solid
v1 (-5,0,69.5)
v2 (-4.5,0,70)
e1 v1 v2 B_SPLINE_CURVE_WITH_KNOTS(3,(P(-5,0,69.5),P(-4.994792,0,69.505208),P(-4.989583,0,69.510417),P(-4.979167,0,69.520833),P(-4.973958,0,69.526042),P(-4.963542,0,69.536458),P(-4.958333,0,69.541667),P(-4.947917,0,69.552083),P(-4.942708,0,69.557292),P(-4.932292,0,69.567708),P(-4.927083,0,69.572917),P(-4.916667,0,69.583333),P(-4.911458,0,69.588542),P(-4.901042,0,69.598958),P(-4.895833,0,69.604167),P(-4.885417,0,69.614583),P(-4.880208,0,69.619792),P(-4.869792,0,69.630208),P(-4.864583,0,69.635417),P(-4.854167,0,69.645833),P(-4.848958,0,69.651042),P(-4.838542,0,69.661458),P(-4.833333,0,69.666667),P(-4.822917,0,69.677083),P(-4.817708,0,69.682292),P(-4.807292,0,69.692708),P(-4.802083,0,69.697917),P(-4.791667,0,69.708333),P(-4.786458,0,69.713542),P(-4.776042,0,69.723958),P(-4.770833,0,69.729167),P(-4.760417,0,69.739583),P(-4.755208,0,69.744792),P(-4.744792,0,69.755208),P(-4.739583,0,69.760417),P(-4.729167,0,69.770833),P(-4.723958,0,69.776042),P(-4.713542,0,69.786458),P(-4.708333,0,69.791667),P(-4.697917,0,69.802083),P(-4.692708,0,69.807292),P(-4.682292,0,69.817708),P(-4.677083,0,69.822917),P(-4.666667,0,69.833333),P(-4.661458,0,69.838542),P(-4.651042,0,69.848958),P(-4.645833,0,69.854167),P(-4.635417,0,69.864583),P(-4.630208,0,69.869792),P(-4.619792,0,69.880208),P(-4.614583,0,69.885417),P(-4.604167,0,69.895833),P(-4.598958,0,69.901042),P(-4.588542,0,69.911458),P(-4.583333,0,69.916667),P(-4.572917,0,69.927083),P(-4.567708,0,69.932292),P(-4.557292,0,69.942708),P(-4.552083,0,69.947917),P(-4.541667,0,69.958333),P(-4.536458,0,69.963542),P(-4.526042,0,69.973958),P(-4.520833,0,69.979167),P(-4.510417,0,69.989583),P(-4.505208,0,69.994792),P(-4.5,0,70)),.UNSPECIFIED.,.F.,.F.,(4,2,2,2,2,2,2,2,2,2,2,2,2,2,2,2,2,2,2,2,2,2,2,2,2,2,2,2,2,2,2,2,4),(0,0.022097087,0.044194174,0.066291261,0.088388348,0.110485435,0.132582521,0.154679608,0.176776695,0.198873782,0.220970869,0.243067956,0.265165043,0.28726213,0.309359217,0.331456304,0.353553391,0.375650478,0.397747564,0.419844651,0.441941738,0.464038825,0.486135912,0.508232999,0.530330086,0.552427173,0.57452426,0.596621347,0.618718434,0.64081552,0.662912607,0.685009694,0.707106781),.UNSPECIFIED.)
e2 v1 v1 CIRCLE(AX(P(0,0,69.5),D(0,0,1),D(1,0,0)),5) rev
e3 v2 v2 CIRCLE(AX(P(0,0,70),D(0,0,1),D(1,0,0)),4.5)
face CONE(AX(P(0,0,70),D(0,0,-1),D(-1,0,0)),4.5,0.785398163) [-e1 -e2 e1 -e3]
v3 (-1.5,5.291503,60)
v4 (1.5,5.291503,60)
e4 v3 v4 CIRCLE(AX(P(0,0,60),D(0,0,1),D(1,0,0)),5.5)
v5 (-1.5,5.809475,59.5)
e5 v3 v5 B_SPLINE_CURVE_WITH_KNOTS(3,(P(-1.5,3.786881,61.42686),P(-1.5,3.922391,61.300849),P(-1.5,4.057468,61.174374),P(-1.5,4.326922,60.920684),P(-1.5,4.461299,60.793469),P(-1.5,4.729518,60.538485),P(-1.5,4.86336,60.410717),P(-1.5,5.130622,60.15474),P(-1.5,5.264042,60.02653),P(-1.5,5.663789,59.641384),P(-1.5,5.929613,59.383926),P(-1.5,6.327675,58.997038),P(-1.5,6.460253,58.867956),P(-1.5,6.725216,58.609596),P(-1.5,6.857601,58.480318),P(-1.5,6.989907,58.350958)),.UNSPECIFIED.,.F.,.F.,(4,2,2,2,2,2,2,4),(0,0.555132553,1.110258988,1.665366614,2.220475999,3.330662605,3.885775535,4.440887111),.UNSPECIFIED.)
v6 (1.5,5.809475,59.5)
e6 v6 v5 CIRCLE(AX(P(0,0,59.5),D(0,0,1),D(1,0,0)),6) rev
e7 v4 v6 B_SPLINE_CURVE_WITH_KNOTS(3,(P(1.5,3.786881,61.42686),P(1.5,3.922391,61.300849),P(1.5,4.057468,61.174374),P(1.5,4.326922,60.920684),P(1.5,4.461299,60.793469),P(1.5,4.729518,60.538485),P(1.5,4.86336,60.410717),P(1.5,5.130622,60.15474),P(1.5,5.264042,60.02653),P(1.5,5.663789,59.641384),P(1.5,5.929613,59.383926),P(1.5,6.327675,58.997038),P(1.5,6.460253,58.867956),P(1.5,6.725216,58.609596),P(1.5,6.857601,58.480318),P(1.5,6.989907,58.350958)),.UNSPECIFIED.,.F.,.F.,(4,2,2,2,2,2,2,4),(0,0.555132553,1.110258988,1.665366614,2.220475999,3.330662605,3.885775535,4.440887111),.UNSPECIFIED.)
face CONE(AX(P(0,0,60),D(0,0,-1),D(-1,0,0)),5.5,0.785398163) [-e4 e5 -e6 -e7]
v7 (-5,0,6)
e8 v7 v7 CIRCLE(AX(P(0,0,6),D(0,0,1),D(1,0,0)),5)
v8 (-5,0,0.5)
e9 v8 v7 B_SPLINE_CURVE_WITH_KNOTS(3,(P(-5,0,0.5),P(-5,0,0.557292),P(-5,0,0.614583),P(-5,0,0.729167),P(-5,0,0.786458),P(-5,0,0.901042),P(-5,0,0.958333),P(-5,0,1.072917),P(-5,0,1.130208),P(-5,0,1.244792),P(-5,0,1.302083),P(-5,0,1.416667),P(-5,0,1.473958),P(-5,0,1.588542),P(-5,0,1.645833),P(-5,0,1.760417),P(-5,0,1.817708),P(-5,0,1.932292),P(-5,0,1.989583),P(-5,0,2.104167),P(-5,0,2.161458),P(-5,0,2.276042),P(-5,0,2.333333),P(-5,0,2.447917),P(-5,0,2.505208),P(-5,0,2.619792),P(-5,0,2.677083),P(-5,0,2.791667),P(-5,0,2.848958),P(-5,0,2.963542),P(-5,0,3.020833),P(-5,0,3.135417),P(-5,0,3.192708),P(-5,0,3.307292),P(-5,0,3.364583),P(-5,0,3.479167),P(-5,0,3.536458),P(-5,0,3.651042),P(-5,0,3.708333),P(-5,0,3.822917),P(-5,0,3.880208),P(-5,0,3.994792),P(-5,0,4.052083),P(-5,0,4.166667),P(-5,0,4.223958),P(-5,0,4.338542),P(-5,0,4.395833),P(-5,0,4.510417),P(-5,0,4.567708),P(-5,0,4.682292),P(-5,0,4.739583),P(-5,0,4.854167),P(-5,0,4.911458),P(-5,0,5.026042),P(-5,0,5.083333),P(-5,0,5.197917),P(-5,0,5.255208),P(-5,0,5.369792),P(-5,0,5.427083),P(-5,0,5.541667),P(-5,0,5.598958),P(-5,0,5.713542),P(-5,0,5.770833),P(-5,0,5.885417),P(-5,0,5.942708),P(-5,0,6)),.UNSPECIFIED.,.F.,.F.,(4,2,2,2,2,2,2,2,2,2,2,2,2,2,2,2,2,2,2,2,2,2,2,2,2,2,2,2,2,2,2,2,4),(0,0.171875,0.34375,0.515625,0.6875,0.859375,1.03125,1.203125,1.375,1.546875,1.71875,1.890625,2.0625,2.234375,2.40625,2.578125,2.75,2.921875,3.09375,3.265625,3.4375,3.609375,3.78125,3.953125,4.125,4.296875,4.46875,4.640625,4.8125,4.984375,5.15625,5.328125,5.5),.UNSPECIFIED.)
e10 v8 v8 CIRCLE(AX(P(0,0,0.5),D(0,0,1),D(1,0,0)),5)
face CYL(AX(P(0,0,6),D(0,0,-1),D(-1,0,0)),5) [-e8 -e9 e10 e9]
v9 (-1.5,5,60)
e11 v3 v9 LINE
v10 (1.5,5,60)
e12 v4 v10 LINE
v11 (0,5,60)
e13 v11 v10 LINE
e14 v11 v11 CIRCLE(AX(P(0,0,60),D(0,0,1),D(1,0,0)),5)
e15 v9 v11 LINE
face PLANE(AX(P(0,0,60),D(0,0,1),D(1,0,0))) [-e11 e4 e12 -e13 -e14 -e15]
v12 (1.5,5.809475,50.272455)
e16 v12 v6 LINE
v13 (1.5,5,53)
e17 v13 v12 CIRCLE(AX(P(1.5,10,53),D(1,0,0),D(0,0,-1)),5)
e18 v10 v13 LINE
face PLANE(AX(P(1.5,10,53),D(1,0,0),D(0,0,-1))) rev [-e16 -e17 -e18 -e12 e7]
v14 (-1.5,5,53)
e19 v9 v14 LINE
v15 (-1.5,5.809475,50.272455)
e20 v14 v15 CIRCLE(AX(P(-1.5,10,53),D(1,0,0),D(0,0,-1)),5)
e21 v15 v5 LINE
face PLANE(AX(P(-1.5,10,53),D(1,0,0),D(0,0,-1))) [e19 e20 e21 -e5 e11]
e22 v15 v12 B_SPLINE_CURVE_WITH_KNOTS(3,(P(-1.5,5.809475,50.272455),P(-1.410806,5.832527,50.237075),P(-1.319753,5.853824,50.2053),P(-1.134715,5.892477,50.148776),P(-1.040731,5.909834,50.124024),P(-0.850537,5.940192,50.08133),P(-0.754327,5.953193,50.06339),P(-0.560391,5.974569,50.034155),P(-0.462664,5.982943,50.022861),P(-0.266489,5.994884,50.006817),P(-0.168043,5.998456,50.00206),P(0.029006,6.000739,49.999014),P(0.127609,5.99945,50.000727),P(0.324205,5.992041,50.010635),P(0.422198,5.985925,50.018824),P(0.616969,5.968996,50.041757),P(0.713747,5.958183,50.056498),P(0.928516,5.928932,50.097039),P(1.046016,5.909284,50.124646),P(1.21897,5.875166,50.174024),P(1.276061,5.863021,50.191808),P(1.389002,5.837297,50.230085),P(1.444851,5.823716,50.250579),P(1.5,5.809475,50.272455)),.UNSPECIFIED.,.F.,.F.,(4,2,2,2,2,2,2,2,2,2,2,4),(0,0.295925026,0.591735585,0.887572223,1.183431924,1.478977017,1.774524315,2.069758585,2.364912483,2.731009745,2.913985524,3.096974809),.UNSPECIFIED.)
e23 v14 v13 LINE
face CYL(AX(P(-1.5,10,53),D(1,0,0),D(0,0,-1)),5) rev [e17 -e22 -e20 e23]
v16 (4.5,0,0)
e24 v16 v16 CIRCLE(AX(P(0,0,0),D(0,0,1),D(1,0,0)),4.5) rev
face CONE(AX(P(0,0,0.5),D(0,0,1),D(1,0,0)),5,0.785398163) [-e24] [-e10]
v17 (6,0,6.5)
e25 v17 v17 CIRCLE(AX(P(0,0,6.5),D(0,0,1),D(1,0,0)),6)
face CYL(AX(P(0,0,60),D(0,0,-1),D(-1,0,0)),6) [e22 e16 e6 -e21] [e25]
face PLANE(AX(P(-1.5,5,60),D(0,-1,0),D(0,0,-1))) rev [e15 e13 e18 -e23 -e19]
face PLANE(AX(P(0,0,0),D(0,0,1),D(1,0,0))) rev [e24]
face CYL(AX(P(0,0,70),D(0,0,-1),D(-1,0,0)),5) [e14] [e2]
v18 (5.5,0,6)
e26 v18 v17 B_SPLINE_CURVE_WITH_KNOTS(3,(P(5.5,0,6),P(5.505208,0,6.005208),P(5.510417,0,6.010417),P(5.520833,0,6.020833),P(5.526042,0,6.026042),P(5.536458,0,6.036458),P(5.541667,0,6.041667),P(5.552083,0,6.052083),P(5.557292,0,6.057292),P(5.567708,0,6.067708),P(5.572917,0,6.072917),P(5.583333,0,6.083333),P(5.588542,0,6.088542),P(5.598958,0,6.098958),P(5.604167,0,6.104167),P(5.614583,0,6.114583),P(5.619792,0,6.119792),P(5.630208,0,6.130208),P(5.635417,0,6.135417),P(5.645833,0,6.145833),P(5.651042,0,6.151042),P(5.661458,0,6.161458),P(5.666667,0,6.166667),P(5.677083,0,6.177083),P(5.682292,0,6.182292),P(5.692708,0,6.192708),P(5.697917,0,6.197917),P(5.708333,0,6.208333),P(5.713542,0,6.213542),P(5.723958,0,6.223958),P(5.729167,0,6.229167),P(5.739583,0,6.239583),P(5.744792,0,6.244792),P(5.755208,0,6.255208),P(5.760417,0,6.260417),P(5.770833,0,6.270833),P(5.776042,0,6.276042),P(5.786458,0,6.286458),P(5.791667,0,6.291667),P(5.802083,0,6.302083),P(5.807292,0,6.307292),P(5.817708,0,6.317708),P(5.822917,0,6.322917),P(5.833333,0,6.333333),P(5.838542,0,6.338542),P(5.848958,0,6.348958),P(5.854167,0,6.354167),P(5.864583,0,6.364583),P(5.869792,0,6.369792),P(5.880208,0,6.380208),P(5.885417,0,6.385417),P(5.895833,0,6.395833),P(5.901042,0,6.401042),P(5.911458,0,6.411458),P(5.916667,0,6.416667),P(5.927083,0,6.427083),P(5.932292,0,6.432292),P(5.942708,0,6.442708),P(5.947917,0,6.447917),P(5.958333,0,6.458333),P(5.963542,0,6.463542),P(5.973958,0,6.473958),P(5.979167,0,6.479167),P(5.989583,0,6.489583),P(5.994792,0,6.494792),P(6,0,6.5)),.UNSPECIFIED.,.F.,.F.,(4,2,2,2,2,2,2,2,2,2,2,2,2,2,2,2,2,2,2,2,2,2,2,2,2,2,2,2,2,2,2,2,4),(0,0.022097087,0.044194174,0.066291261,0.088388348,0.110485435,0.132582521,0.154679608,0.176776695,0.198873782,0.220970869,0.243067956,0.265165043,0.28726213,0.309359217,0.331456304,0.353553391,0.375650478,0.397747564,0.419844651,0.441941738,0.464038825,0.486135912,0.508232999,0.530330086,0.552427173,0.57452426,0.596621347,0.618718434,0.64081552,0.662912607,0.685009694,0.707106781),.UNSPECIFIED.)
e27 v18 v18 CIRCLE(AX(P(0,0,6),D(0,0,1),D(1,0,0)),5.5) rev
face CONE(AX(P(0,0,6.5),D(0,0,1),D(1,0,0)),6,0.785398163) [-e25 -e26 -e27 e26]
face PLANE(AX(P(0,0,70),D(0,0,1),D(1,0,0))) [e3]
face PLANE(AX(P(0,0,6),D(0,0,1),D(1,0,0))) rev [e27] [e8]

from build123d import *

# Parameters (mm, degrees)
ESQUISSE1_R             = 5
BASE_EXTRUSION_DEPTH    = 6
ESQUISSE2_R             = 6
BOSS_EXTRU_1_DEPTH      = 54
ESQUISSE3_R             = 5
BOSS_EXTRU_2_DEPTH      = 10
CHANFREIN1_SIZE         = 0.5
ENL_V_MAT_EXTRU_1_DEPTH = 1.5


with BuildPart() as part:
    # Esquisse1 → Base-Extrusion (new body)
    with BuildSketch(Plane.XY):
        with Locations(Location((0, 0, 0), (0, 0, 180))):
            Circle(ESQUISSE1_R)
    extrude(amount=BASE_EXTRUSION_DEPTH)

    # Esquisse2 → Boss.-Extru.1 (add)
    with BuildSketch(Plane.XY.offset(6)):
        with Locations(Location((0, 0, 0), (0, 0, 104.477512186))):
            Circle(ESQUISSE2_R)
    extrude(amount=BOSS_EXTRU_1_DEPTH)

    # Esquisse3 → Boss.-Extru.2 (add)
    with BuildSketch(Plane.XY.offset(60)):
        with Locations(Location((0, 0, 0), (0, 0, 180))):
            Circle(ESQUISSE3_R)
    extrude(amount=BOSS_EXTRU_2_DEPTH)

    # Chanfrein1
    chanfrein1_edges = [part.edges().sort_by_distance(p)[0] for p in [
        (1.5, -5.809475019, 6),
        (1.5, -5.809475019, 60),
        (5, 0, 0),
        (5, 0, 70),
    ]]
    chamfer(chanfrein1_edges, length=CHANFREIN1_SIZE)

    # Esquisse5 → Enlèv. mat.-Extru.1 (cut, symmetric)
    with BuildSketch(Plane(origin=(0, 0, 0), x_dir=(0, 0, -1), z_dir=(1, 0, 0))):
        with BuildLine():
            Line((-60, 5), (-53, 5))
            ThreePointArc((-53, 5), (-49.464466094, 13.535533906), (-58, 10))
            Line((-58, 10), (-60, 10))
            Line((-60, 10), (-60, 5))
        make_face()
    extrude(amount=ENL_V_MAT_EXTRU_1_DEPTH, both=True, mode=Mode.SUBTRACT)


solid = part.part
